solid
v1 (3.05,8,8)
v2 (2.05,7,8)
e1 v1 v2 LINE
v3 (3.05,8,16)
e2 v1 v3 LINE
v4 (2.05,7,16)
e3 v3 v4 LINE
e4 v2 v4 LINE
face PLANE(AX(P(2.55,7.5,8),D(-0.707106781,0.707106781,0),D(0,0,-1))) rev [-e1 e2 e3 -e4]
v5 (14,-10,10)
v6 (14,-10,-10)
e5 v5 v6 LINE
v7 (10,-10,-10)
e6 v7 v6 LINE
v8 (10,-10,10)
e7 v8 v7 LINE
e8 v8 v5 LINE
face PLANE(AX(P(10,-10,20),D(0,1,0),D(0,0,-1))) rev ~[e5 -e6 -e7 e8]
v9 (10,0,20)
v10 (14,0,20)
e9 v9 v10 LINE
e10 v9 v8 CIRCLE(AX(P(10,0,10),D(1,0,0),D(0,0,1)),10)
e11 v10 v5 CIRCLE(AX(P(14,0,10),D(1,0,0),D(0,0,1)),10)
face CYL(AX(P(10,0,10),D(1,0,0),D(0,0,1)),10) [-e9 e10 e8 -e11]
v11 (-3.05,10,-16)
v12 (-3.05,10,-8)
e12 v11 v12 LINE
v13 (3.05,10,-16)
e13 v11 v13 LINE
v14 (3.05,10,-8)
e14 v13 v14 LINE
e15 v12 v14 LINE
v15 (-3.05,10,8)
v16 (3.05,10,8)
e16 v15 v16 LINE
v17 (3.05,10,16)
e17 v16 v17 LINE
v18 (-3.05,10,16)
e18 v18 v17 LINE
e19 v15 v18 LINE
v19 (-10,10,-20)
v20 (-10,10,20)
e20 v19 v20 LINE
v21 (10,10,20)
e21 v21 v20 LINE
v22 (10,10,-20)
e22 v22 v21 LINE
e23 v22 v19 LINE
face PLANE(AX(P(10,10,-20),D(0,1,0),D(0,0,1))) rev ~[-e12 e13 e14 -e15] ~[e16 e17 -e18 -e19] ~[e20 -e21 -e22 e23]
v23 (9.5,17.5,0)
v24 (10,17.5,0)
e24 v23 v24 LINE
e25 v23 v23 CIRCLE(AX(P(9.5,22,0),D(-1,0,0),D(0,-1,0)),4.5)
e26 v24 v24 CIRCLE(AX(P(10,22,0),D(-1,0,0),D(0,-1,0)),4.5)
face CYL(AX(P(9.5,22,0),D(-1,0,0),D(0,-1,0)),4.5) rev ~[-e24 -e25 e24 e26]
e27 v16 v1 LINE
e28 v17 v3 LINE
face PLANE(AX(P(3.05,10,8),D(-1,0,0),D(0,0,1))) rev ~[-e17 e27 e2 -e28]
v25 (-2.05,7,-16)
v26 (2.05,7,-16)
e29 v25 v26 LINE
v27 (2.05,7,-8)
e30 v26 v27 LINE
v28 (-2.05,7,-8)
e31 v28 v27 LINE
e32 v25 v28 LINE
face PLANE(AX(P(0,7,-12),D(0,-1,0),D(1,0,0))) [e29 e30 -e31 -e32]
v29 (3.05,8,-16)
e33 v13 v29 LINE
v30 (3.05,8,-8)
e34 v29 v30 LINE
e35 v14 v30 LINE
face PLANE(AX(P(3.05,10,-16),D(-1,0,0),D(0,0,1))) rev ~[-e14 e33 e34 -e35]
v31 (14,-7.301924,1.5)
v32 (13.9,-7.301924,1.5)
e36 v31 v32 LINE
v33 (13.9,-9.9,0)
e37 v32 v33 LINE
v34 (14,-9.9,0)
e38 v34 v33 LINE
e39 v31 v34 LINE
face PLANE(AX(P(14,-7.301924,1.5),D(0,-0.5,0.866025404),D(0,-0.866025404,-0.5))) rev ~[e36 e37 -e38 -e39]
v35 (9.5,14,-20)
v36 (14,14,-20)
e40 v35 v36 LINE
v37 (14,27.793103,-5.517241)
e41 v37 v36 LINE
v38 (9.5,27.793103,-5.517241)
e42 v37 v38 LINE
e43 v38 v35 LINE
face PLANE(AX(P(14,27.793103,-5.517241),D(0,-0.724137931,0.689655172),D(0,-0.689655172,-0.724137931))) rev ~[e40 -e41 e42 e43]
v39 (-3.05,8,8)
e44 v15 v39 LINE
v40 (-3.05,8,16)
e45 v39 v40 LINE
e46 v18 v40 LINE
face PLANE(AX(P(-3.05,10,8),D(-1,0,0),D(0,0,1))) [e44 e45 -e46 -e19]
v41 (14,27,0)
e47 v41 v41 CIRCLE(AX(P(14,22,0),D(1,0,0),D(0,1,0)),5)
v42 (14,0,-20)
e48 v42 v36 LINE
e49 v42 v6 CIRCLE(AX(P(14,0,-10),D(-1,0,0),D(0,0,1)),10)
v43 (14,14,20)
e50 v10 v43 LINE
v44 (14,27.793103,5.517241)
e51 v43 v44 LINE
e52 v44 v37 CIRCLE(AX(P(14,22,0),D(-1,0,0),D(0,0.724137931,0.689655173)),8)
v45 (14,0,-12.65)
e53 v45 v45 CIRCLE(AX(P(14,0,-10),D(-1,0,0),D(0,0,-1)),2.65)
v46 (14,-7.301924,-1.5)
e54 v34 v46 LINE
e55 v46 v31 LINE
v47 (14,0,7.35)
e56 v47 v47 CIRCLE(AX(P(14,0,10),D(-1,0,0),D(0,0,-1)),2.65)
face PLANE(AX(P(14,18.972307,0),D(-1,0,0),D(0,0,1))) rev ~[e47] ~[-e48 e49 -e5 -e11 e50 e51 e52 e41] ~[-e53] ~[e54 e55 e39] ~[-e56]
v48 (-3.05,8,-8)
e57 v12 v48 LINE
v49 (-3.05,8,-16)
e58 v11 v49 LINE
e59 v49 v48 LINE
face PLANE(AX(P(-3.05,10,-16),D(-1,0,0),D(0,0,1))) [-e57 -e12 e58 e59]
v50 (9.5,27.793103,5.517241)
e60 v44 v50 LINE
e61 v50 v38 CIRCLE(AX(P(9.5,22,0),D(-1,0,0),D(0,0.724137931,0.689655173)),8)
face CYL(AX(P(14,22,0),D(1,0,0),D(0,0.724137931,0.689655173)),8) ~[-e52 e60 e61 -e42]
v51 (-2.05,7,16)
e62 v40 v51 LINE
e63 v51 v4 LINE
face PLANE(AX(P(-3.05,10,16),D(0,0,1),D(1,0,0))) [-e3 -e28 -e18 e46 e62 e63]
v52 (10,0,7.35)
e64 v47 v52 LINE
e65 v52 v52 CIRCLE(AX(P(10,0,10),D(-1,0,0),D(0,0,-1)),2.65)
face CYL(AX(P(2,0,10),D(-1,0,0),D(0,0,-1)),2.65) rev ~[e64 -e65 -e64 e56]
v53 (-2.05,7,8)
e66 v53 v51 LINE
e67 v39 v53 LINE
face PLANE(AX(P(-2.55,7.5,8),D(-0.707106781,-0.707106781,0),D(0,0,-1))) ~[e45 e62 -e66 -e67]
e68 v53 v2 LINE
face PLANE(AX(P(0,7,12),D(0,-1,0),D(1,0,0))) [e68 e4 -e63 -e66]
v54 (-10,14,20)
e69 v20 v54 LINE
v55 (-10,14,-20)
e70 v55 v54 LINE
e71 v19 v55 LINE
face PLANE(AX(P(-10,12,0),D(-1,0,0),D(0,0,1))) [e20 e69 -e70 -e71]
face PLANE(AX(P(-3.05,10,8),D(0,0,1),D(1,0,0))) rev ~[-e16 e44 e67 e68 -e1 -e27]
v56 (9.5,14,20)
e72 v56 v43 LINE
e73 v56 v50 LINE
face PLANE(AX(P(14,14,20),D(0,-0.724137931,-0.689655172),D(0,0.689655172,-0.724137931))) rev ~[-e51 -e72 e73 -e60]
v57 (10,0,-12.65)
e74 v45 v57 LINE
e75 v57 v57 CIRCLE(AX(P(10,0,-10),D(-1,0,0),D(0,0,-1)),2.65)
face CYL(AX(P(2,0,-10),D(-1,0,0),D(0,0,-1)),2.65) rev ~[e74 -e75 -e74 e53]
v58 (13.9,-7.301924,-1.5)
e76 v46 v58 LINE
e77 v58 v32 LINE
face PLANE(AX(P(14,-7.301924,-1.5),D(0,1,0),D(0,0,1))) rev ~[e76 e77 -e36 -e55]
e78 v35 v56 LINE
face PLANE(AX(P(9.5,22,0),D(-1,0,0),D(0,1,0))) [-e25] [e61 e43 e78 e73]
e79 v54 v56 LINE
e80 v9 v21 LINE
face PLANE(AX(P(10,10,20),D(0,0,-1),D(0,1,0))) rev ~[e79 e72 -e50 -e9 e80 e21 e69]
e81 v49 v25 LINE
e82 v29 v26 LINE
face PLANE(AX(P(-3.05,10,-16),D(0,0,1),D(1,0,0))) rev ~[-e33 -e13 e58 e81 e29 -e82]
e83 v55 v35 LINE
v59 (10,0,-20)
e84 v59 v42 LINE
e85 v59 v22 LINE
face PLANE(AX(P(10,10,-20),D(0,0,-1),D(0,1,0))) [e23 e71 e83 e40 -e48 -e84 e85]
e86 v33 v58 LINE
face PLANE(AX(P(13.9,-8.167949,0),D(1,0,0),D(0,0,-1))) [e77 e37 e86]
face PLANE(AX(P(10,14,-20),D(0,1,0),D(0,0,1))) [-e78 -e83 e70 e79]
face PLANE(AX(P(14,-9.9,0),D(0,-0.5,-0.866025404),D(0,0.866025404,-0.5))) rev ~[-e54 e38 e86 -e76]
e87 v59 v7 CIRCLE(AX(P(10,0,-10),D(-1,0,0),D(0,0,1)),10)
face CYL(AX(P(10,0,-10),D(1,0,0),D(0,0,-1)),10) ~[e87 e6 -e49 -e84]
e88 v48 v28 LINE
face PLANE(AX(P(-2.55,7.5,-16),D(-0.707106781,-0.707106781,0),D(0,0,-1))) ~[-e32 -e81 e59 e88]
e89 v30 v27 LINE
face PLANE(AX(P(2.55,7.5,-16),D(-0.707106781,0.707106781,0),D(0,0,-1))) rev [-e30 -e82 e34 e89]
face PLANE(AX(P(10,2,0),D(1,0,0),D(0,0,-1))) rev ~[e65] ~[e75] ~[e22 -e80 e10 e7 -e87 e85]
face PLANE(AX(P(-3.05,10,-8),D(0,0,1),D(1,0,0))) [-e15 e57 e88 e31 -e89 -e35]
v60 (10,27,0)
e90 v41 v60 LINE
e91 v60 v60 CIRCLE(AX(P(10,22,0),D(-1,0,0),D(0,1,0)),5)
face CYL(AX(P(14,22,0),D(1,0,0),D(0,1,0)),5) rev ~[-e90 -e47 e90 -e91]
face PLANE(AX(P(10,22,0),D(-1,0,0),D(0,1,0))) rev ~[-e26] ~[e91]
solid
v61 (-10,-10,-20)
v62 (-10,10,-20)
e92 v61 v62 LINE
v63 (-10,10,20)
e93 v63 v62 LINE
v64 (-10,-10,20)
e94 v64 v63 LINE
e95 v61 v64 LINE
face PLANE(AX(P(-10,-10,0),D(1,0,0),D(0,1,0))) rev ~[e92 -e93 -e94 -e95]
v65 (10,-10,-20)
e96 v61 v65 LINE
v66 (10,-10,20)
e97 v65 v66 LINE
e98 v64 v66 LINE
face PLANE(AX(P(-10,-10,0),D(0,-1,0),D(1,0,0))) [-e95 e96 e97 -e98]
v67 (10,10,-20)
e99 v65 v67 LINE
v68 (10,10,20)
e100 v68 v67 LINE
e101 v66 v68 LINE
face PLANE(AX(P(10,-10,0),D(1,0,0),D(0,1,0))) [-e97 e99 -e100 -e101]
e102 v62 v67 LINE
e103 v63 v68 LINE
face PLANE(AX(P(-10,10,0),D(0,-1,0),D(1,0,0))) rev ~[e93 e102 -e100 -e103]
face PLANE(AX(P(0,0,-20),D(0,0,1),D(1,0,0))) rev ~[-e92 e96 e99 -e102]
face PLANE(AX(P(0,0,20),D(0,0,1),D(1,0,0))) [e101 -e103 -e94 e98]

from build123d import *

# Parameters (mm, degrees)
SKETCH_2_W                 = 20
SKETCH_2_H                 = 20
EXTRUDE_1_DEPTH            = 20
SKETCH_3_W                 = 40
SKETCH_3_H                 = 24
EXTRUDE_2_DEPTH            = 4
SKETCH_5_W                 = 2.65
SKETCH_5_H                 = 24
HOLE_WIZARD_M51_AT_2_COUNT = 2
HOLE_WIZARD_M51_AT_2_PITCH = 20
SKETCH_6_W                 = 40
SKETCH_6_H                 = 4
EXTRUDE_3_DEPTH            = 20
SKETCH_7_W                 = 6.1
SKETCH_7_H                 = 8
EXTRUDE_4_DEPTH            = 3
CHAMFER_1_SIZE             = 1
SKETCH_8_R                 = 5
EXTRUDE_5_DEPTH            = 4.5
SKETCH_9_R                 = 5
SKETCH_9_R_2               = 4.5
EXTRUDE_6_DEPTH            = 0.5
FILLET_1_R                 = 10
CUT_EXTRUDE_2_DEPTH        = 0.1


with BuildPart() as part:
    # Эскиз2 → Бобышка-Вытянуть1 (new, symmetric)
    with BuildSketch(Plane.XY):
        Rectangle(SKETCH_2_W, SKETCH_2_H)
    extrude(amount=EXTRUDE_1_DEPTH, both=True)


with BuildPart() as body_2:
    # Эскиз3 → Бобышка-Вытянуть2 (new body)
    with BuildSketch(Plane(origin=(10, 0, 0), x_dir=(0, 0, -1), z_dir=(1, 0, 0))):
        with Locations((0, 2)):
            Rectangle(SKETCH_3_W, SKETCH_3_H)
    extrude(amount=EXTRUDE_2_DEPTH)

    # Эскиз5 → Отверстие с зазором M51 (revolve, cut)
    with BuildSketch(Plane(origin=(14, 0, 10), x_dir=(0, 0, -1), z_dir=(0, 1, 0))):
        with Locations((1.325, 12)):
            Rectangle(SKETCH_5_W, SKETCH_5_H)
    hole_wizard_m51 = revolve(axis=Axis((20.35, 0, 10), (-1, 0, 0)), mode=Mode.SUBTRACT)

    # Отверстие с зазором M51 at 2: Отверстие с зазором M51 ×2
    with Locations(*[(0, 0, -i * HOLE_WIZARD_M51_AT_2_PITCH) for i in range(1, HOLE_WIZARD_M51_AT_2_COUNT)]):
        add(hole_wizard_m51, mode=Mode.SUBTRACT)

    # Эскиз6 → Бобышка-Вытянуть3 (add)
    with BuildSketch(Plane.ZY.offset(-10)):
        with Locations((0, 12)):
            Rectangle(SKETCH_6_W, SKETCH_6_H)
    extrude(amount=EXTRUDE_3_DEPTH)

    # Эскиз7 → Бобышка-Вытянуть4 (add)
    with BuildSketch(Plane.XZ.offset(-10)):
        with Locations((0, 12)):
            Rectangle(SKETCH_7_W, SKETCH_7_H)
        with Locations((0, -12)):
            Rectangle(SKETCH_7_W, SKETCH_7_H)
    extrude(amount=EXTRUDE_4_DEPTH)

    # Фаска1
    chamfer_1_edges = [body_2.edges().sort_by_distance(p)[0] for p in [
        (-3.05, 7, 12),
        (3.05, 7, 12),
        (-3.05, 7, -12),
        (3.05, 7, -12),
    ]]
    chamfer(chamfer_1_edges, length=CHAMFER_1_SIZE)

    # Эскиз8 → Бобышка-Вытянуть5 (add)
    with BuildSketch(Plane(origin=(14, 0, 0), x_dir=(0, 0, -1), z_dir=(1, 0, 0))):
        with BuildLine():
            ThreePointArc((-5.517241379, 27.793103448), (0, 30), (5.517241379, 27.793103448))
            Line((5.517241379, 27.793103448), (20, 14))
            Line((20, 14), (-20, 14))
            Line((-20, 14), (-5.517241379, 27.793103448))
        make_face()
        with Locations(Location((0, 22, 0), (0, 0, 90))):
            Circle(SKETCH_8_R, mode=Mode.SUBTRACT)
    extrude(amount=-EXTRUDE_5_DEPTH)

    # Эскиз9 → Бобышка-Вытянуть6 (add)
    with BuildSketch(Plane.ZY.offset(-9.5)):
        with Locations(Location((0, 22, 0), (0, 0, 90))):
            Circle(SKETCH_9_R)
        with Locations(Location((0, 22, 0), (0, 0, 270))):
            Circle(SKETCH_9_R_2, mode=Mode.SUBTRACT)
    extrude(amount=-EXTRUDE_6_DEPTH)

    # Скругление1
    fillet_1_edges = [body_2.edges().sort_by_distance(p)[0] for p in [
        (12, -10, -20),
        (12, -10, 20),
    ]]
    fillet(fillet_1_edges, radius=FILLET_1_R)

    # Эскиз10 → Вырез-Вытянуть2 (cut)
    with BuildSketch(Plane(origin=(14, 0, 0), x_dir=(0, 0, -1), z_dir=(1, 0, 0))):
        Polygon((0, -9.9), (1.5, -7.301923789), (-1.5, -7.301923789), align=None)
    extrude(amount=-CUT_EXTRUDE_2_DEPTH, mode=Mode.SUBTRACT)


solid = Compound([part.part, body_2.part])
